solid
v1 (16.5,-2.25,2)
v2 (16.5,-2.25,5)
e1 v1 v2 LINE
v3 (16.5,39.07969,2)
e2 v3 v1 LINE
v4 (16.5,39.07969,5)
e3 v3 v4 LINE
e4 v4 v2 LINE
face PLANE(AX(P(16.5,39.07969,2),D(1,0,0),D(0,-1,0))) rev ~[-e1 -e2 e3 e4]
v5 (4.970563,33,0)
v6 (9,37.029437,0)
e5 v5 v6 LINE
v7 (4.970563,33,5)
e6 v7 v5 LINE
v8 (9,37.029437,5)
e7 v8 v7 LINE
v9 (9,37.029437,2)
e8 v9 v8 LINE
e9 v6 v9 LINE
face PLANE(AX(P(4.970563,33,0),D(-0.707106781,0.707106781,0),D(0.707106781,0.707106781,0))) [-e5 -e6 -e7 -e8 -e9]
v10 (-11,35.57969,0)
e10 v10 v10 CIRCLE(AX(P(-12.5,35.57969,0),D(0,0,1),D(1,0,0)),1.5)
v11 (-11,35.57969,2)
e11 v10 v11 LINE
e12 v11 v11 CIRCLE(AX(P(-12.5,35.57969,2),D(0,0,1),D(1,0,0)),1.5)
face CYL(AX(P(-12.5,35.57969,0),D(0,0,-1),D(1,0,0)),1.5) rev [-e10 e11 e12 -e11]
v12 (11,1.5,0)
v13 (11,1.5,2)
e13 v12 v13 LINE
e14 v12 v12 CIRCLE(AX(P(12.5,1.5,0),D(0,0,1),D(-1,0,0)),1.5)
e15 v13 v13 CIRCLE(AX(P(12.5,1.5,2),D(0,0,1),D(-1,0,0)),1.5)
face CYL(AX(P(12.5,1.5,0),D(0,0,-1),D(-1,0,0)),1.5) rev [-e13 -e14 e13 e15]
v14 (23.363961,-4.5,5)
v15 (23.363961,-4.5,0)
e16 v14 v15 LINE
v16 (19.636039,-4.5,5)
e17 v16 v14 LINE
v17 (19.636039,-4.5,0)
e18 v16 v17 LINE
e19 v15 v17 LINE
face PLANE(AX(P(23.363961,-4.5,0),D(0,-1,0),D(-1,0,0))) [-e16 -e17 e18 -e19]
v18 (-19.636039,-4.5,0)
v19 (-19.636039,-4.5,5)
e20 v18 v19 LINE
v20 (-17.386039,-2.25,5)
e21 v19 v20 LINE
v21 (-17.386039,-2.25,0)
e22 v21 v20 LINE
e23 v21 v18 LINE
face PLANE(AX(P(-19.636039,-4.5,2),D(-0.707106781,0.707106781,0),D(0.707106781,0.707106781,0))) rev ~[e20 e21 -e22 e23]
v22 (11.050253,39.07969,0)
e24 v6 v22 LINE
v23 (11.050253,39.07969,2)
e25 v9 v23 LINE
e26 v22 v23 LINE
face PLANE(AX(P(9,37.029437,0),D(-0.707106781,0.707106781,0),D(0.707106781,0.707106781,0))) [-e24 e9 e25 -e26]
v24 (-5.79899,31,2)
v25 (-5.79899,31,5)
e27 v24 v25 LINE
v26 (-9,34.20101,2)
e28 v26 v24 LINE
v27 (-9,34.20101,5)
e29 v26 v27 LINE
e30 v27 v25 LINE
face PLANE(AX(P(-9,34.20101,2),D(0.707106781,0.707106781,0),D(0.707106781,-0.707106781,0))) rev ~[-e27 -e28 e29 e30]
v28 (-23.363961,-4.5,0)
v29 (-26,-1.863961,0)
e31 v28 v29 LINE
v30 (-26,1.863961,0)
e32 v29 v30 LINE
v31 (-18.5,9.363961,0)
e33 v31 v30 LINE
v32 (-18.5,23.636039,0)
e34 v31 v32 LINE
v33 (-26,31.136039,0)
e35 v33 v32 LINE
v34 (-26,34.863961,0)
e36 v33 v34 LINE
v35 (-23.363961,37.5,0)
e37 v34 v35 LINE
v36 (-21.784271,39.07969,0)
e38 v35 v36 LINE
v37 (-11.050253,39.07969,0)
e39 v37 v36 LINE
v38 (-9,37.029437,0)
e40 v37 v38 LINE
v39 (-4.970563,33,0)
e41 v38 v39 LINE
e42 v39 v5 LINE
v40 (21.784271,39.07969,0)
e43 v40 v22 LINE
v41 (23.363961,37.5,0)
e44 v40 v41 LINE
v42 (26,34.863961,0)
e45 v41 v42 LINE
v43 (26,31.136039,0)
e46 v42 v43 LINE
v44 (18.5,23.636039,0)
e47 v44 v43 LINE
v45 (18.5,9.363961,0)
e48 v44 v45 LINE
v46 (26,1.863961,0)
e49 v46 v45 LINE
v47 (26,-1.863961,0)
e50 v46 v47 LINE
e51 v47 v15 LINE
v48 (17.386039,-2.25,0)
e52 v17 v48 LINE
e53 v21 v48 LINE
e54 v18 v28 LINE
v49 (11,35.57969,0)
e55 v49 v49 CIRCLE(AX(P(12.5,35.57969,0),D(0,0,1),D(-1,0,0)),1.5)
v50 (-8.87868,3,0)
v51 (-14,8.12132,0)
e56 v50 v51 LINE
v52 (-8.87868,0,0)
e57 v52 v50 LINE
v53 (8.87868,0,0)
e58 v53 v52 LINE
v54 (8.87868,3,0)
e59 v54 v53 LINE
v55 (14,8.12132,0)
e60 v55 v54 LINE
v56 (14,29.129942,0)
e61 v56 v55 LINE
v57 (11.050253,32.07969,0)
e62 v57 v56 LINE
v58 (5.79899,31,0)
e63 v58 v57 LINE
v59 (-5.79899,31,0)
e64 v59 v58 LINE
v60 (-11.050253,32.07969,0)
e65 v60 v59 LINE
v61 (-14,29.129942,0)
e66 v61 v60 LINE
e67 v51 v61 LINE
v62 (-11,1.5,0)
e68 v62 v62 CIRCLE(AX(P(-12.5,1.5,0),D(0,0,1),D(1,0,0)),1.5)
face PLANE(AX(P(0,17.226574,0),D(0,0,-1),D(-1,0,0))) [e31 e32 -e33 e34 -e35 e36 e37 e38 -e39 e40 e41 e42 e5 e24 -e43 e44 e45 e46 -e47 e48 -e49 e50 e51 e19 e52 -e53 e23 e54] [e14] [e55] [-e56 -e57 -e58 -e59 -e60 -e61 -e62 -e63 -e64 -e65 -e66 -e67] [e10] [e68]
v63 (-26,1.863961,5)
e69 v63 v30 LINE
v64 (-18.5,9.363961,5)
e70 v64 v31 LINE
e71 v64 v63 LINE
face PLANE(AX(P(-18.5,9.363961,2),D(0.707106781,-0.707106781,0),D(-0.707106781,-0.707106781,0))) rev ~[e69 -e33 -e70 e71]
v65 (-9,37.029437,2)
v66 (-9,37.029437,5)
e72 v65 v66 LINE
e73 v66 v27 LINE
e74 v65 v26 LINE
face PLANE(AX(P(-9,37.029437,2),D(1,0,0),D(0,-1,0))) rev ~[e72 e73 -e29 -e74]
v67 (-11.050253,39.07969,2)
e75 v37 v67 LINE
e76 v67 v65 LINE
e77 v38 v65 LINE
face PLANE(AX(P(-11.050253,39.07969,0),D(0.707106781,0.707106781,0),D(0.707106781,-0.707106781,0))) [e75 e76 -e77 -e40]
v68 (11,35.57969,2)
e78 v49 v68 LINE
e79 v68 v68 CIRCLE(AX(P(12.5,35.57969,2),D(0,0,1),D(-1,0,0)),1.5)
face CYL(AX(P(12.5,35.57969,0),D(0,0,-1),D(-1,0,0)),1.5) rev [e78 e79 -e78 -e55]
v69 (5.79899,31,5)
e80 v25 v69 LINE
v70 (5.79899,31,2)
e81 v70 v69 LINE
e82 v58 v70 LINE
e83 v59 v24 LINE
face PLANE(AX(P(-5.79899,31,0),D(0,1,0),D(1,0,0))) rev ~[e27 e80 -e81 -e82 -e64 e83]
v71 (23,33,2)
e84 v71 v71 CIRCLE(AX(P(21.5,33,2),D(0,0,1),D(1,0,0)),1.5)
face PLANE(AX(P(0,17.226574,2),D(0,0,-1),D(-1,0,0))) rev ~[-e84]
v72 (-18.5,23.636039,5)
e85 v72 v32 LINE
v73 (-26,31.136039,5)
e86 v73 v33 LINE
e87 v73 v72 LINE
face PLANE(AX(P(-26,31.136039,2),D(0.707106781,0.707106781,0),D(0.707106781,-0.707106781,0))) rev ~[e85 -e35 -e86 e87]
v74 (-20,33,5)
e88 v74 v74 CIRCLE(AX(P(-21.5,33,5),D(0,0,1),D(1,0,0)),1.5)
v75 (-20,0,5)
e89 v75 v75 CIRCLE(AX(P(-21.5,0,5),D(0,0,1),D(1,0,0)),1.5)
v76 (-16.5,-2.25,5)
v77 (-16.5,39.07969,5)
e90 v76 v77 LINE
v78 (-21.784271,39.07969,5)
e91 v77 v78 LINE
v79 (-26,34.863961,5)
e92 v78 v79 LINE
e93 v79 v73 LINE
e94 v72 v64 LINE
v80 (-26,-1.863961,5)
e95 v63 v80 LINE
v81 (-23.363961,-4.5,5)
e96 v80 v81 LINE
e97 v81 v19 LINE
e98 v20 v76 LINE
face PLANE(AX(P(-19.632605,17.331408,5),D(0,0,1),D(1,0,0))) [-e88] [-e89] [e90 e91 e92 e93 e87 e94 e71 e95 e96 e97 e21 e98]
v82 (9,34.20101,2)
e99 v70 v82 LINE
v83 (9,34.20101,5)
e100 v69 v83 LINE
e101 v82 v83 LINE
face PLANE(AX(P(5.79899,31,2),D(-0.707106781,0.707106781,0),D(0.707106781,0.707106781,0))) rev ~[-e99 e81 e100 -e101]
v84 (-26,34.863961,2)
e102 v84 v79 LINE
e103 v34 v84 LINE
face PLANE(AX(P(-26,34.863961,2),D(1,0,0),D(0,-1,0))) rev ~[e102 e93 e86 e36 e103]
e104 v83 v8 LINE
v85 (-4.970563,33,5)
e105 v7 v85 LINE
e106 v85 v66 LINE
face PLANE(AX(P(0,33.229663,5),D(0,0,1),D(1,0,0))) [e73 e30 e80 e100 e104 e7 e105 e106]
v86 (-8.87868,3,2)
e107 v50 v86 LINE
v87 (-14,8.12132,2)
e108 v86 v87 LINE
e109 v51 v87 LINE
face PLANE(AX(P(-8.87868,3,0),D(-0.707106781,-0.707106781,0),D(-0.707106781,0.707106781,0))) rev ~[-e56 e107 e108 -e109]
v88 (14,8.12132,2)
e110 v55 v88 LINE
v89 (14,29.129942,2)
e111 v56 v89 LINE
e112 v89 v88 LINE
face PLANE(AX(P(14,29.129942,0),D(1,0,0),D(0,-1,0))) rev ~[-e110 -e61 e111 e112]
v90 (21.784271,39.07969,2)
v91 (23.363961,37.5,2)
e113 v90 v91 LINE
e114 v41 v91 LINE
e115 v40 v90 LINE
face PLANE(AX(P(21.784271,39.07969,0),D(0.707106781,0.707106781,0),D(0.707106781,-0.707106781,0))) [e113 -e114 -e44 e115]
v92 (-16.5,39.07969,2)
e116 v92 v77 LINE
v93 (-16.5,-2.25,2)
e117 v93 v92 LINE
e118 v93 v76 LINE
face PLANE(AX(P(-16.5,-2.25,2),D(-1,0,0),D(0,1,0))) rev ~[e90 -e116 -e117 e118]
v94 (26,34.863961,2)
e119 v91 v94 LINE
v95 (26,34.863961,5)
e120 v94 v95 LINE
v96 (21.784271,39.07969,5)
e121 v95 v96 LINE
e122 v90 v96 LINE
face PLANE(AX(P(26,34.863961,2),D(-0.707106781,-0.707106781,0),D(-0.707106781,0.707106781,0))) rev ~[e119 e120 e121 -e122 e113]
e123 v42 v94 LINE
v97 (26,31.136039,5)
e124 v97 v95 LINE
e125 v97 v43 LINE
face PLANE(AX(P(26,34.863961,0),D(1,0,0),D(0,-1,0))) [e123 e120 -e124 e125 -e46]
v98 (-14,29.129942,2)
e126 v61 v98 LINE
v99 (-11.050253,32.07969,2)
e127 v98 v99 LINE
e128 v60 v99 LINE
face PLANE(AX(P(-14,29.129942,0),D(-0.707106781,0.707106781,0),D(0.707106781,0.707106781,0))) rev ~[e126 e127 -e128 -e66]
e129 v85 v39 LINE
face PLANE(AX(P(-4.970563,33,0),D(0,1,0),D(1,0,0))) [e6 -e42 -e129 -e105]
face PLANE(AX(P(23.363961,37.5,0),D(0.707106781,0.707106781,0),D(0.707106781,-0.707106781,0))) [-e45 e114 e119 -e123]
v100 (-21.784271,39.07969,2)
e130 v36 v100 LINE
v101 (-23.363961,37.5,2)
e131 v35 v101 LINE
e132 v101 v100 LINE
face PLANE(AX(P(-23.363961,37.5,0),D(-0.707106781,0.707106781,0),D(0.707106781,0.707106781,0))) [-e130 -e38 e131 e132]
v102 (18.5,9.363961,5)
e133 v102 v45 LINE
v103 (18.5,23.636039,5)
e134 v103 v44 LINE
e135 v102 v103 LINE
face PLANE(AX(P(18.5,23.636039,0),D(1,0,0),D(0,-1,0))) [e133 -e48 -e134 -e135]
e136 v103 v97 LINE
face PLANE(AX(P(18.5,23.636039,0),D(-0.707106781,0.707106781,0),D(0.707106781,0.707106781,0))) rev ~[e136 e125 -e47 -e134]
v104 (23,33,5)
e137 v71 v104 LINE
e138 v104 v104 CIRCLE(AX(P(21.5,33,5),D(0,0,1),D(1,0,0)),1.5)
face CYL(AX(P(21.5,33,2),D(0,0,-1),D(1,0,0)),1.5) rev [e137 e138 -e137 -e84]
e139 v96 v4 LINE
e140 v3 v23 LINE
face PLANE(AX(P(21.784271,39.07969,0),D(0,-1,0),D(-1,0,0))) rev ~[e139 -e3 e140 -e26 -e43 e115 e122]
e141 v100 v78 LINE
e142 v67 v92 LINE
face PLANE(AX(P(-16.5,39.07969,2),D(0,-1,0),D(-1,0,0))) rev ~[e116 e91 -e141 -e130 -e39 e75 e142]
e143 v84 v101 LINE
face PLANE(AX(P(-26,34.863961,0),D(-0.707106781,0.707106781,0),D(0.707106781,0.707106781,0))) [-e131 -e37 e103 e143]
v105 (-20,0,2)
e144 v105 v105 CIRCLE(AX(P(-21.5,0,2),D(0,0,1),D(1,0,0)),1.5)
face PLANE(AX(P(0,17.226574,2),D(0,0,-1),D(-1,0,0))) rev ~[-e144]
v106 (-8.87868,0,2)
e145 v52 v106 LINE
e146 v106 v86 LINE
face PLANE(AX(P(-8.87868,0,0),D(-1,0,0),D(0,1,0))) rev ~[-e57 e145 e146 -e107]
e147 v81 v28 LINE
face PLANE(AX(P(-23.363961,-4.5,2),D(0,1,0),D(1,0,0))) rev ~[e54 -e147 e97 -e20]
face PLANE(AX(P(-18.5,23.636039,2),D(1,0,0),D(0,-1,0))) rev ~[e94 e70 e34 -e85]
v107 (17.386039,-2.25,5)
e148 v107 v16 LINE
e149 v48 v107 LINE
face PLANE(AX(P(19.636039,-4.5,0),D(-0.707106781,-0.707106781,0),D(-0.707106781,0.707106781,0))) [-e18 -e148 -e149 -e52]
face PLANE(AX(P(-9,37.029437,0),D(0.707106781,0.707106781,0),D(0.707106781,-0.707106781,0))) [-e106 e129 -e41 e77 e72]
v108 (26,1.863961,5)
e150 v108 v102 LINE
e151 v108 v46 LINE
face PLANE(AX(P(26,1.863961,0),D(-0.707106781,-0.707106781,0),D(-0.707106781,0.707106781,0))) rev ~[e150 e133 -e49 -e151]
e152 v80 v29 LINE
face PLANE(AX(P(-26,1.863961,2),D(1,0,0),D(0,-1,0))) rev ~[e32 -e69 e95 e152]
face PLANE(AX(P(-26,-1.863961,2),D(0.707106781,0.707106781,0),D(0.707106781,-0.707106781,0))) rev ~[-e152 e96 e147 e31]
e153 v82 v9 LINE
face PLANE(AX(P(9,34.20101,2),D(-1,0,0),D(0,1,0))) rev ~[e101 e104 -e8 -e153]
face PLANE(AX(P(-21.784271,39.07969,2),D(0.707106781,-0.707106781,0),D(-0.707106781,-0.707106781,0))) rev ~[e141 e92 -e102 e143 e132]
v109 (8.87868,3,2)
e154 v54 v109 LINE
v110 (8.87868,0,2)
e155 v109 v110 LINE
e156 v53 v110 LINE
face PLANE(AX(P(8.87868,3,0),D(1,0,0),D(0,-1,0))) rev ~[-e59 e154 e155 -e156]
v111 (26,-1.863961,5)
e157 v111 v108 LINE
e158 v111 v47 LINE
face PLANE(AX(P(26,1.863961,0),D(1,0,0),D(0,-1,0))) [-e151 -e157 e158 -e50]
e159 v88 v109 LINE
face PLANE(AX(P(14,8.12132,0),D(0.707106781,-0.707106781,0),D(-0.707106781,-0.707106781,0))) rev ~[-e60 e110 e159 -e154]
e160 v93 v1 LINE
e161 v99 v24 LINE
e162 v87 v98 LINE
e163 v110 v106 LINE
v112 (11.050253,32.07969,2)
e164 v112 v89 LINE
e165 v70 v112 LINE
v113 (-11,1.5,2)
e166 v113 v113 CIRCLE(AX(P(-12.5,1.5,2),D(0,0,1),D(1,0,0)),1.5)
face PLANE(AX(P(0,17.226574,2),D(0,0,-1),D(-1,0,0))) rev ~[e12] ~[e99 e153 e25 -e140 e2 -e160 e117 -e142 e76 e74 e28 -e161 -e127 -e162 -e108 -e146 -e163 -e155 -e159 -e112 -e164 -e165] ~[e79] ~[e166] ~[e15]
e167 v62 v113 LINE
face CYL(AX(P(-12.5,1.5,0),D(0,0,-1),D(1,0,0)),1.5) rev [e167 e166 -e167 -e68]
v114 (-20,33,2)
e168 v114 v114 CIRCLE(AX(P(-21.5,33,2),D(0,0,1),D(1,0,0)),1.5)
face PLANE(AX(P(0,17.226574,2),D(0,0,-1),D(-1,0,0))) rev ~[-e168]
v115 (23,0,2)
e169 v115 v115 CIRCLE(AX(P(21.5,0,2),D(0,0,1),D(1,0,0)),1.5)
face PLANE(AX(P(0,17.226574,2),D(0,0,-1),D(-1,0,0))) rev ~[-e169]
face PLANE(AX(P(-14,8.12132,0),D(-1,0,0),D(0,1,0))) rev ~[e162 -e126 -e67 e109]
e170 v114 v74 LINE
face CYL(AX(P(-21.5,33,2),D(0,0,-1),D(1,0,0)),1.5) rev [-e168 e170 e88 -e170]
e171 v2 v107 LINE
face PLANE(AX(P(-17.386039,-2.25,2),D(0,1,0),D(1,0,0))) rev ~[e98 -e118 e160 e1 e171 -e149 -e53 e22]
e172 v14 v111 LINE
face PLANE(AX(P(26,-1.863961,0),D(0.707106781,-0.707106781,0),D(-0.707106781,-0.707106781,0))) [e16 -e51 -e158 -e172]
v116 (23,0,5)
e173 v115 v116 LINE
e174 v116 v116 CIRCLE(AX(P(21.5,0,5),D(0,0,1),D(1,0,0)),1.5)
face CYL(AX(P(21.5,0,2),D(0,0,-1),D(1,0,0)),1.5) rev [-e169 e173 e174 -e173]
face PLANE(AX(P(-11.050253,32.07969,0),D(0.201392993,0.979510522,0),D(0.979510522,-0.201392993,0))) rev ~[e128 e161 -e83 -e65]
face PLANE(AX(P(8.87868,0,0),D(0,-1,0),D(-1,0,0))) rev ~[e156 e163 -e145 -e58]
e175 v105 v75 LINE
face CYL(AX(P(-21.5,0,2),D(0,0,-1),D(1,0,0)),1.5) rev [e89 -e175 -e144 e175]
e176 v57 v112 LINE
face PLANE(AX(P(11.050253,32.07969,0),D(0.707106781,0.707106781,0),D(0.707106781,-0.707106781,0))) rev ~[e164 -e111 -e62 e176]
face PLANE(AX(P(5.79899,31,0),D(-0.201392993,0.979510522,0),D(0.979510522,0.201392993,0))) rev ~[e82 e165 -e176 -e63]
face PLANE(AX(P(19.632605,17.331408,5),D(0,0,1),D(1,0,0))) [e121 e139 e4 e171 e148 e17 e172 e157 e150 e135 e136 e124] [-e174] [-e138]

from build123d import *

# Parameters (mm, degrees)
SKETCH11_R          = 1.5
BOSS_EXTRUDE4_DEPTH = 2
SKETCH12_R          = 1.5
BOSS_EXTRUDE5_DEPTH = 3


with BuildPart() as part:
    # Sketch11 → Boss-Extrude4 (new body)
    with BuildSketch(Plane.XY):
        Polygon((16.5, -2.25), (-16.5, -2.25), (-17.386038969, -2.25), (-19.636038969, -4.5), (-23.363961031, -4.5), (-26, -1.863961031), (-26, 1.863961031), (-23.363961031, 4.5), (-18.5, 9.363961031), (-18.5, 23.636038969), (-23.363961031, 28.5), (-26, 31.136038969), (-26, 34.863961031), (-23.363961031, 37.5), (-21.784271247, 39.079689783), (-13.949747468, 39.079689783), (-11.050252532, 39.079689783), (-9, 37.029437252), (-4.970562748, 33), (4.970562748, 33), (9, 37.029437252), (11.050252532, 39.079689783), (13.949747468, 39.079689783), (21.784271247, 39.079689783), (23.363961031, 37.5), (26, 34.863961031), (26, 31.136038969), (23.363961031, 28.5), (18.5, 23.636038969), (18.5, 9.363961031), (23.363961031, 4.5), (26, 1.863961031), (26, -1.863961031), (23.363961031, -4.5), (19.636038969, -4.5), (17.386038969, -2.25), align=None)
        with Locations((-12.5, 1.5)):
            Circle(SKETCH11_R, mode=Mode.SUBTRACT)
        with Locations((-12.5, 35.579689783)):
            Circle(SKETCH11_R, mode=Mode.SUBTRACT)
        with Locations(Location((12.5, 35.579689783, 0), (0, 0, 180))):
            Circle(SKETCH11_R, mode=Mode.SUBTRACT)
        with Locations(Location((12.5, 1.5, 0), (0, 0, 180))):
            Circle(SKETCH11_R, mode=Mode.SUBTRACT)
        Polygon((8.878679656, 0), (-8.878679656, 0), (-8.878679656, 3), (-11, 5.121320344), (-14, 8.121320344), (-14, 29.129942315), (-11.050252532, 32.079689783), (-5.798989873, 31), (5.798989873, 31), (11.050252532, 32.079689783), (14, 29.129942315), (14, 8.121320344), (11, 5.121320344), (8.878679656, 3), align=None, mode=Mode.SUBTRACT)
    extrude(amount=BOSS_EXTRUDE4_DEPTH)

    # Sketch12 → Boss-Extrude5 (add)
    # profile 1 of 3: a face of its own
    with BuildSketch(Plane.XY.offset(2)):
        Polygon((-23.363961031, -4.5), (-19.636038969, -4.5), (-17.386038969, -2.25), (-16.5, -2.25), (-16.5, 39.079689783), (-21.784271247, 39.079689783), (-26, 34.863961031), (-26, 31.136038969), (-18.5, 23.636038969), (-18.5, 9.363961031), (-26, 1.863961031), (-26, -1.863961031), align=None)
        with Locations((-21.5, 0)):
            Circle(SKETCH12_R, mode=Mode.SUBTRACT)
        with Locations((-21.5, 33)):
            Circle(SKETCH12_R, mode=Mode.SUBTRACT)
    # profile 2 of 3: a face of its own
    with BuildSketch(Plane.XY.offset(2)):
        Polygon((-9, 37.029437252), (-9, 34.201010127), (-5.798989873, 31), (5.798989873, 31), (9, 34.201010127), (9, 37.029437252), (4.970562748, 33), (-4.970562748, 33), align=None)
    # profile 3 of 3: a face of its own
    with BuildSketch(Plane.XY.offset(2)):
        Polygon((16.5, 39.079689783), (16.5, -2.25), (17.386038969, -2.25), (19.636038969, -4.5), (23.363961031, -4.5), (26, -1.863961031), (26, 1.863961031), (18.5, 9.363961031), (18.5, 23.636038969), (26, 31.136038969), (26, 34.863961031), (21.784271247, 39.079689783), align=None)
        with Locations((21.5, 0)):
            Circle(SKETCH12_R, mode=Mode.SUBTRACT)
        with Locations((21.5, 33)):
            Circle(SKETCH12_R, mode=Mode.SUBTRACT)
    extrude(amount=BOSS_EXTRUDE5_DEPTH)


solid = part.part
